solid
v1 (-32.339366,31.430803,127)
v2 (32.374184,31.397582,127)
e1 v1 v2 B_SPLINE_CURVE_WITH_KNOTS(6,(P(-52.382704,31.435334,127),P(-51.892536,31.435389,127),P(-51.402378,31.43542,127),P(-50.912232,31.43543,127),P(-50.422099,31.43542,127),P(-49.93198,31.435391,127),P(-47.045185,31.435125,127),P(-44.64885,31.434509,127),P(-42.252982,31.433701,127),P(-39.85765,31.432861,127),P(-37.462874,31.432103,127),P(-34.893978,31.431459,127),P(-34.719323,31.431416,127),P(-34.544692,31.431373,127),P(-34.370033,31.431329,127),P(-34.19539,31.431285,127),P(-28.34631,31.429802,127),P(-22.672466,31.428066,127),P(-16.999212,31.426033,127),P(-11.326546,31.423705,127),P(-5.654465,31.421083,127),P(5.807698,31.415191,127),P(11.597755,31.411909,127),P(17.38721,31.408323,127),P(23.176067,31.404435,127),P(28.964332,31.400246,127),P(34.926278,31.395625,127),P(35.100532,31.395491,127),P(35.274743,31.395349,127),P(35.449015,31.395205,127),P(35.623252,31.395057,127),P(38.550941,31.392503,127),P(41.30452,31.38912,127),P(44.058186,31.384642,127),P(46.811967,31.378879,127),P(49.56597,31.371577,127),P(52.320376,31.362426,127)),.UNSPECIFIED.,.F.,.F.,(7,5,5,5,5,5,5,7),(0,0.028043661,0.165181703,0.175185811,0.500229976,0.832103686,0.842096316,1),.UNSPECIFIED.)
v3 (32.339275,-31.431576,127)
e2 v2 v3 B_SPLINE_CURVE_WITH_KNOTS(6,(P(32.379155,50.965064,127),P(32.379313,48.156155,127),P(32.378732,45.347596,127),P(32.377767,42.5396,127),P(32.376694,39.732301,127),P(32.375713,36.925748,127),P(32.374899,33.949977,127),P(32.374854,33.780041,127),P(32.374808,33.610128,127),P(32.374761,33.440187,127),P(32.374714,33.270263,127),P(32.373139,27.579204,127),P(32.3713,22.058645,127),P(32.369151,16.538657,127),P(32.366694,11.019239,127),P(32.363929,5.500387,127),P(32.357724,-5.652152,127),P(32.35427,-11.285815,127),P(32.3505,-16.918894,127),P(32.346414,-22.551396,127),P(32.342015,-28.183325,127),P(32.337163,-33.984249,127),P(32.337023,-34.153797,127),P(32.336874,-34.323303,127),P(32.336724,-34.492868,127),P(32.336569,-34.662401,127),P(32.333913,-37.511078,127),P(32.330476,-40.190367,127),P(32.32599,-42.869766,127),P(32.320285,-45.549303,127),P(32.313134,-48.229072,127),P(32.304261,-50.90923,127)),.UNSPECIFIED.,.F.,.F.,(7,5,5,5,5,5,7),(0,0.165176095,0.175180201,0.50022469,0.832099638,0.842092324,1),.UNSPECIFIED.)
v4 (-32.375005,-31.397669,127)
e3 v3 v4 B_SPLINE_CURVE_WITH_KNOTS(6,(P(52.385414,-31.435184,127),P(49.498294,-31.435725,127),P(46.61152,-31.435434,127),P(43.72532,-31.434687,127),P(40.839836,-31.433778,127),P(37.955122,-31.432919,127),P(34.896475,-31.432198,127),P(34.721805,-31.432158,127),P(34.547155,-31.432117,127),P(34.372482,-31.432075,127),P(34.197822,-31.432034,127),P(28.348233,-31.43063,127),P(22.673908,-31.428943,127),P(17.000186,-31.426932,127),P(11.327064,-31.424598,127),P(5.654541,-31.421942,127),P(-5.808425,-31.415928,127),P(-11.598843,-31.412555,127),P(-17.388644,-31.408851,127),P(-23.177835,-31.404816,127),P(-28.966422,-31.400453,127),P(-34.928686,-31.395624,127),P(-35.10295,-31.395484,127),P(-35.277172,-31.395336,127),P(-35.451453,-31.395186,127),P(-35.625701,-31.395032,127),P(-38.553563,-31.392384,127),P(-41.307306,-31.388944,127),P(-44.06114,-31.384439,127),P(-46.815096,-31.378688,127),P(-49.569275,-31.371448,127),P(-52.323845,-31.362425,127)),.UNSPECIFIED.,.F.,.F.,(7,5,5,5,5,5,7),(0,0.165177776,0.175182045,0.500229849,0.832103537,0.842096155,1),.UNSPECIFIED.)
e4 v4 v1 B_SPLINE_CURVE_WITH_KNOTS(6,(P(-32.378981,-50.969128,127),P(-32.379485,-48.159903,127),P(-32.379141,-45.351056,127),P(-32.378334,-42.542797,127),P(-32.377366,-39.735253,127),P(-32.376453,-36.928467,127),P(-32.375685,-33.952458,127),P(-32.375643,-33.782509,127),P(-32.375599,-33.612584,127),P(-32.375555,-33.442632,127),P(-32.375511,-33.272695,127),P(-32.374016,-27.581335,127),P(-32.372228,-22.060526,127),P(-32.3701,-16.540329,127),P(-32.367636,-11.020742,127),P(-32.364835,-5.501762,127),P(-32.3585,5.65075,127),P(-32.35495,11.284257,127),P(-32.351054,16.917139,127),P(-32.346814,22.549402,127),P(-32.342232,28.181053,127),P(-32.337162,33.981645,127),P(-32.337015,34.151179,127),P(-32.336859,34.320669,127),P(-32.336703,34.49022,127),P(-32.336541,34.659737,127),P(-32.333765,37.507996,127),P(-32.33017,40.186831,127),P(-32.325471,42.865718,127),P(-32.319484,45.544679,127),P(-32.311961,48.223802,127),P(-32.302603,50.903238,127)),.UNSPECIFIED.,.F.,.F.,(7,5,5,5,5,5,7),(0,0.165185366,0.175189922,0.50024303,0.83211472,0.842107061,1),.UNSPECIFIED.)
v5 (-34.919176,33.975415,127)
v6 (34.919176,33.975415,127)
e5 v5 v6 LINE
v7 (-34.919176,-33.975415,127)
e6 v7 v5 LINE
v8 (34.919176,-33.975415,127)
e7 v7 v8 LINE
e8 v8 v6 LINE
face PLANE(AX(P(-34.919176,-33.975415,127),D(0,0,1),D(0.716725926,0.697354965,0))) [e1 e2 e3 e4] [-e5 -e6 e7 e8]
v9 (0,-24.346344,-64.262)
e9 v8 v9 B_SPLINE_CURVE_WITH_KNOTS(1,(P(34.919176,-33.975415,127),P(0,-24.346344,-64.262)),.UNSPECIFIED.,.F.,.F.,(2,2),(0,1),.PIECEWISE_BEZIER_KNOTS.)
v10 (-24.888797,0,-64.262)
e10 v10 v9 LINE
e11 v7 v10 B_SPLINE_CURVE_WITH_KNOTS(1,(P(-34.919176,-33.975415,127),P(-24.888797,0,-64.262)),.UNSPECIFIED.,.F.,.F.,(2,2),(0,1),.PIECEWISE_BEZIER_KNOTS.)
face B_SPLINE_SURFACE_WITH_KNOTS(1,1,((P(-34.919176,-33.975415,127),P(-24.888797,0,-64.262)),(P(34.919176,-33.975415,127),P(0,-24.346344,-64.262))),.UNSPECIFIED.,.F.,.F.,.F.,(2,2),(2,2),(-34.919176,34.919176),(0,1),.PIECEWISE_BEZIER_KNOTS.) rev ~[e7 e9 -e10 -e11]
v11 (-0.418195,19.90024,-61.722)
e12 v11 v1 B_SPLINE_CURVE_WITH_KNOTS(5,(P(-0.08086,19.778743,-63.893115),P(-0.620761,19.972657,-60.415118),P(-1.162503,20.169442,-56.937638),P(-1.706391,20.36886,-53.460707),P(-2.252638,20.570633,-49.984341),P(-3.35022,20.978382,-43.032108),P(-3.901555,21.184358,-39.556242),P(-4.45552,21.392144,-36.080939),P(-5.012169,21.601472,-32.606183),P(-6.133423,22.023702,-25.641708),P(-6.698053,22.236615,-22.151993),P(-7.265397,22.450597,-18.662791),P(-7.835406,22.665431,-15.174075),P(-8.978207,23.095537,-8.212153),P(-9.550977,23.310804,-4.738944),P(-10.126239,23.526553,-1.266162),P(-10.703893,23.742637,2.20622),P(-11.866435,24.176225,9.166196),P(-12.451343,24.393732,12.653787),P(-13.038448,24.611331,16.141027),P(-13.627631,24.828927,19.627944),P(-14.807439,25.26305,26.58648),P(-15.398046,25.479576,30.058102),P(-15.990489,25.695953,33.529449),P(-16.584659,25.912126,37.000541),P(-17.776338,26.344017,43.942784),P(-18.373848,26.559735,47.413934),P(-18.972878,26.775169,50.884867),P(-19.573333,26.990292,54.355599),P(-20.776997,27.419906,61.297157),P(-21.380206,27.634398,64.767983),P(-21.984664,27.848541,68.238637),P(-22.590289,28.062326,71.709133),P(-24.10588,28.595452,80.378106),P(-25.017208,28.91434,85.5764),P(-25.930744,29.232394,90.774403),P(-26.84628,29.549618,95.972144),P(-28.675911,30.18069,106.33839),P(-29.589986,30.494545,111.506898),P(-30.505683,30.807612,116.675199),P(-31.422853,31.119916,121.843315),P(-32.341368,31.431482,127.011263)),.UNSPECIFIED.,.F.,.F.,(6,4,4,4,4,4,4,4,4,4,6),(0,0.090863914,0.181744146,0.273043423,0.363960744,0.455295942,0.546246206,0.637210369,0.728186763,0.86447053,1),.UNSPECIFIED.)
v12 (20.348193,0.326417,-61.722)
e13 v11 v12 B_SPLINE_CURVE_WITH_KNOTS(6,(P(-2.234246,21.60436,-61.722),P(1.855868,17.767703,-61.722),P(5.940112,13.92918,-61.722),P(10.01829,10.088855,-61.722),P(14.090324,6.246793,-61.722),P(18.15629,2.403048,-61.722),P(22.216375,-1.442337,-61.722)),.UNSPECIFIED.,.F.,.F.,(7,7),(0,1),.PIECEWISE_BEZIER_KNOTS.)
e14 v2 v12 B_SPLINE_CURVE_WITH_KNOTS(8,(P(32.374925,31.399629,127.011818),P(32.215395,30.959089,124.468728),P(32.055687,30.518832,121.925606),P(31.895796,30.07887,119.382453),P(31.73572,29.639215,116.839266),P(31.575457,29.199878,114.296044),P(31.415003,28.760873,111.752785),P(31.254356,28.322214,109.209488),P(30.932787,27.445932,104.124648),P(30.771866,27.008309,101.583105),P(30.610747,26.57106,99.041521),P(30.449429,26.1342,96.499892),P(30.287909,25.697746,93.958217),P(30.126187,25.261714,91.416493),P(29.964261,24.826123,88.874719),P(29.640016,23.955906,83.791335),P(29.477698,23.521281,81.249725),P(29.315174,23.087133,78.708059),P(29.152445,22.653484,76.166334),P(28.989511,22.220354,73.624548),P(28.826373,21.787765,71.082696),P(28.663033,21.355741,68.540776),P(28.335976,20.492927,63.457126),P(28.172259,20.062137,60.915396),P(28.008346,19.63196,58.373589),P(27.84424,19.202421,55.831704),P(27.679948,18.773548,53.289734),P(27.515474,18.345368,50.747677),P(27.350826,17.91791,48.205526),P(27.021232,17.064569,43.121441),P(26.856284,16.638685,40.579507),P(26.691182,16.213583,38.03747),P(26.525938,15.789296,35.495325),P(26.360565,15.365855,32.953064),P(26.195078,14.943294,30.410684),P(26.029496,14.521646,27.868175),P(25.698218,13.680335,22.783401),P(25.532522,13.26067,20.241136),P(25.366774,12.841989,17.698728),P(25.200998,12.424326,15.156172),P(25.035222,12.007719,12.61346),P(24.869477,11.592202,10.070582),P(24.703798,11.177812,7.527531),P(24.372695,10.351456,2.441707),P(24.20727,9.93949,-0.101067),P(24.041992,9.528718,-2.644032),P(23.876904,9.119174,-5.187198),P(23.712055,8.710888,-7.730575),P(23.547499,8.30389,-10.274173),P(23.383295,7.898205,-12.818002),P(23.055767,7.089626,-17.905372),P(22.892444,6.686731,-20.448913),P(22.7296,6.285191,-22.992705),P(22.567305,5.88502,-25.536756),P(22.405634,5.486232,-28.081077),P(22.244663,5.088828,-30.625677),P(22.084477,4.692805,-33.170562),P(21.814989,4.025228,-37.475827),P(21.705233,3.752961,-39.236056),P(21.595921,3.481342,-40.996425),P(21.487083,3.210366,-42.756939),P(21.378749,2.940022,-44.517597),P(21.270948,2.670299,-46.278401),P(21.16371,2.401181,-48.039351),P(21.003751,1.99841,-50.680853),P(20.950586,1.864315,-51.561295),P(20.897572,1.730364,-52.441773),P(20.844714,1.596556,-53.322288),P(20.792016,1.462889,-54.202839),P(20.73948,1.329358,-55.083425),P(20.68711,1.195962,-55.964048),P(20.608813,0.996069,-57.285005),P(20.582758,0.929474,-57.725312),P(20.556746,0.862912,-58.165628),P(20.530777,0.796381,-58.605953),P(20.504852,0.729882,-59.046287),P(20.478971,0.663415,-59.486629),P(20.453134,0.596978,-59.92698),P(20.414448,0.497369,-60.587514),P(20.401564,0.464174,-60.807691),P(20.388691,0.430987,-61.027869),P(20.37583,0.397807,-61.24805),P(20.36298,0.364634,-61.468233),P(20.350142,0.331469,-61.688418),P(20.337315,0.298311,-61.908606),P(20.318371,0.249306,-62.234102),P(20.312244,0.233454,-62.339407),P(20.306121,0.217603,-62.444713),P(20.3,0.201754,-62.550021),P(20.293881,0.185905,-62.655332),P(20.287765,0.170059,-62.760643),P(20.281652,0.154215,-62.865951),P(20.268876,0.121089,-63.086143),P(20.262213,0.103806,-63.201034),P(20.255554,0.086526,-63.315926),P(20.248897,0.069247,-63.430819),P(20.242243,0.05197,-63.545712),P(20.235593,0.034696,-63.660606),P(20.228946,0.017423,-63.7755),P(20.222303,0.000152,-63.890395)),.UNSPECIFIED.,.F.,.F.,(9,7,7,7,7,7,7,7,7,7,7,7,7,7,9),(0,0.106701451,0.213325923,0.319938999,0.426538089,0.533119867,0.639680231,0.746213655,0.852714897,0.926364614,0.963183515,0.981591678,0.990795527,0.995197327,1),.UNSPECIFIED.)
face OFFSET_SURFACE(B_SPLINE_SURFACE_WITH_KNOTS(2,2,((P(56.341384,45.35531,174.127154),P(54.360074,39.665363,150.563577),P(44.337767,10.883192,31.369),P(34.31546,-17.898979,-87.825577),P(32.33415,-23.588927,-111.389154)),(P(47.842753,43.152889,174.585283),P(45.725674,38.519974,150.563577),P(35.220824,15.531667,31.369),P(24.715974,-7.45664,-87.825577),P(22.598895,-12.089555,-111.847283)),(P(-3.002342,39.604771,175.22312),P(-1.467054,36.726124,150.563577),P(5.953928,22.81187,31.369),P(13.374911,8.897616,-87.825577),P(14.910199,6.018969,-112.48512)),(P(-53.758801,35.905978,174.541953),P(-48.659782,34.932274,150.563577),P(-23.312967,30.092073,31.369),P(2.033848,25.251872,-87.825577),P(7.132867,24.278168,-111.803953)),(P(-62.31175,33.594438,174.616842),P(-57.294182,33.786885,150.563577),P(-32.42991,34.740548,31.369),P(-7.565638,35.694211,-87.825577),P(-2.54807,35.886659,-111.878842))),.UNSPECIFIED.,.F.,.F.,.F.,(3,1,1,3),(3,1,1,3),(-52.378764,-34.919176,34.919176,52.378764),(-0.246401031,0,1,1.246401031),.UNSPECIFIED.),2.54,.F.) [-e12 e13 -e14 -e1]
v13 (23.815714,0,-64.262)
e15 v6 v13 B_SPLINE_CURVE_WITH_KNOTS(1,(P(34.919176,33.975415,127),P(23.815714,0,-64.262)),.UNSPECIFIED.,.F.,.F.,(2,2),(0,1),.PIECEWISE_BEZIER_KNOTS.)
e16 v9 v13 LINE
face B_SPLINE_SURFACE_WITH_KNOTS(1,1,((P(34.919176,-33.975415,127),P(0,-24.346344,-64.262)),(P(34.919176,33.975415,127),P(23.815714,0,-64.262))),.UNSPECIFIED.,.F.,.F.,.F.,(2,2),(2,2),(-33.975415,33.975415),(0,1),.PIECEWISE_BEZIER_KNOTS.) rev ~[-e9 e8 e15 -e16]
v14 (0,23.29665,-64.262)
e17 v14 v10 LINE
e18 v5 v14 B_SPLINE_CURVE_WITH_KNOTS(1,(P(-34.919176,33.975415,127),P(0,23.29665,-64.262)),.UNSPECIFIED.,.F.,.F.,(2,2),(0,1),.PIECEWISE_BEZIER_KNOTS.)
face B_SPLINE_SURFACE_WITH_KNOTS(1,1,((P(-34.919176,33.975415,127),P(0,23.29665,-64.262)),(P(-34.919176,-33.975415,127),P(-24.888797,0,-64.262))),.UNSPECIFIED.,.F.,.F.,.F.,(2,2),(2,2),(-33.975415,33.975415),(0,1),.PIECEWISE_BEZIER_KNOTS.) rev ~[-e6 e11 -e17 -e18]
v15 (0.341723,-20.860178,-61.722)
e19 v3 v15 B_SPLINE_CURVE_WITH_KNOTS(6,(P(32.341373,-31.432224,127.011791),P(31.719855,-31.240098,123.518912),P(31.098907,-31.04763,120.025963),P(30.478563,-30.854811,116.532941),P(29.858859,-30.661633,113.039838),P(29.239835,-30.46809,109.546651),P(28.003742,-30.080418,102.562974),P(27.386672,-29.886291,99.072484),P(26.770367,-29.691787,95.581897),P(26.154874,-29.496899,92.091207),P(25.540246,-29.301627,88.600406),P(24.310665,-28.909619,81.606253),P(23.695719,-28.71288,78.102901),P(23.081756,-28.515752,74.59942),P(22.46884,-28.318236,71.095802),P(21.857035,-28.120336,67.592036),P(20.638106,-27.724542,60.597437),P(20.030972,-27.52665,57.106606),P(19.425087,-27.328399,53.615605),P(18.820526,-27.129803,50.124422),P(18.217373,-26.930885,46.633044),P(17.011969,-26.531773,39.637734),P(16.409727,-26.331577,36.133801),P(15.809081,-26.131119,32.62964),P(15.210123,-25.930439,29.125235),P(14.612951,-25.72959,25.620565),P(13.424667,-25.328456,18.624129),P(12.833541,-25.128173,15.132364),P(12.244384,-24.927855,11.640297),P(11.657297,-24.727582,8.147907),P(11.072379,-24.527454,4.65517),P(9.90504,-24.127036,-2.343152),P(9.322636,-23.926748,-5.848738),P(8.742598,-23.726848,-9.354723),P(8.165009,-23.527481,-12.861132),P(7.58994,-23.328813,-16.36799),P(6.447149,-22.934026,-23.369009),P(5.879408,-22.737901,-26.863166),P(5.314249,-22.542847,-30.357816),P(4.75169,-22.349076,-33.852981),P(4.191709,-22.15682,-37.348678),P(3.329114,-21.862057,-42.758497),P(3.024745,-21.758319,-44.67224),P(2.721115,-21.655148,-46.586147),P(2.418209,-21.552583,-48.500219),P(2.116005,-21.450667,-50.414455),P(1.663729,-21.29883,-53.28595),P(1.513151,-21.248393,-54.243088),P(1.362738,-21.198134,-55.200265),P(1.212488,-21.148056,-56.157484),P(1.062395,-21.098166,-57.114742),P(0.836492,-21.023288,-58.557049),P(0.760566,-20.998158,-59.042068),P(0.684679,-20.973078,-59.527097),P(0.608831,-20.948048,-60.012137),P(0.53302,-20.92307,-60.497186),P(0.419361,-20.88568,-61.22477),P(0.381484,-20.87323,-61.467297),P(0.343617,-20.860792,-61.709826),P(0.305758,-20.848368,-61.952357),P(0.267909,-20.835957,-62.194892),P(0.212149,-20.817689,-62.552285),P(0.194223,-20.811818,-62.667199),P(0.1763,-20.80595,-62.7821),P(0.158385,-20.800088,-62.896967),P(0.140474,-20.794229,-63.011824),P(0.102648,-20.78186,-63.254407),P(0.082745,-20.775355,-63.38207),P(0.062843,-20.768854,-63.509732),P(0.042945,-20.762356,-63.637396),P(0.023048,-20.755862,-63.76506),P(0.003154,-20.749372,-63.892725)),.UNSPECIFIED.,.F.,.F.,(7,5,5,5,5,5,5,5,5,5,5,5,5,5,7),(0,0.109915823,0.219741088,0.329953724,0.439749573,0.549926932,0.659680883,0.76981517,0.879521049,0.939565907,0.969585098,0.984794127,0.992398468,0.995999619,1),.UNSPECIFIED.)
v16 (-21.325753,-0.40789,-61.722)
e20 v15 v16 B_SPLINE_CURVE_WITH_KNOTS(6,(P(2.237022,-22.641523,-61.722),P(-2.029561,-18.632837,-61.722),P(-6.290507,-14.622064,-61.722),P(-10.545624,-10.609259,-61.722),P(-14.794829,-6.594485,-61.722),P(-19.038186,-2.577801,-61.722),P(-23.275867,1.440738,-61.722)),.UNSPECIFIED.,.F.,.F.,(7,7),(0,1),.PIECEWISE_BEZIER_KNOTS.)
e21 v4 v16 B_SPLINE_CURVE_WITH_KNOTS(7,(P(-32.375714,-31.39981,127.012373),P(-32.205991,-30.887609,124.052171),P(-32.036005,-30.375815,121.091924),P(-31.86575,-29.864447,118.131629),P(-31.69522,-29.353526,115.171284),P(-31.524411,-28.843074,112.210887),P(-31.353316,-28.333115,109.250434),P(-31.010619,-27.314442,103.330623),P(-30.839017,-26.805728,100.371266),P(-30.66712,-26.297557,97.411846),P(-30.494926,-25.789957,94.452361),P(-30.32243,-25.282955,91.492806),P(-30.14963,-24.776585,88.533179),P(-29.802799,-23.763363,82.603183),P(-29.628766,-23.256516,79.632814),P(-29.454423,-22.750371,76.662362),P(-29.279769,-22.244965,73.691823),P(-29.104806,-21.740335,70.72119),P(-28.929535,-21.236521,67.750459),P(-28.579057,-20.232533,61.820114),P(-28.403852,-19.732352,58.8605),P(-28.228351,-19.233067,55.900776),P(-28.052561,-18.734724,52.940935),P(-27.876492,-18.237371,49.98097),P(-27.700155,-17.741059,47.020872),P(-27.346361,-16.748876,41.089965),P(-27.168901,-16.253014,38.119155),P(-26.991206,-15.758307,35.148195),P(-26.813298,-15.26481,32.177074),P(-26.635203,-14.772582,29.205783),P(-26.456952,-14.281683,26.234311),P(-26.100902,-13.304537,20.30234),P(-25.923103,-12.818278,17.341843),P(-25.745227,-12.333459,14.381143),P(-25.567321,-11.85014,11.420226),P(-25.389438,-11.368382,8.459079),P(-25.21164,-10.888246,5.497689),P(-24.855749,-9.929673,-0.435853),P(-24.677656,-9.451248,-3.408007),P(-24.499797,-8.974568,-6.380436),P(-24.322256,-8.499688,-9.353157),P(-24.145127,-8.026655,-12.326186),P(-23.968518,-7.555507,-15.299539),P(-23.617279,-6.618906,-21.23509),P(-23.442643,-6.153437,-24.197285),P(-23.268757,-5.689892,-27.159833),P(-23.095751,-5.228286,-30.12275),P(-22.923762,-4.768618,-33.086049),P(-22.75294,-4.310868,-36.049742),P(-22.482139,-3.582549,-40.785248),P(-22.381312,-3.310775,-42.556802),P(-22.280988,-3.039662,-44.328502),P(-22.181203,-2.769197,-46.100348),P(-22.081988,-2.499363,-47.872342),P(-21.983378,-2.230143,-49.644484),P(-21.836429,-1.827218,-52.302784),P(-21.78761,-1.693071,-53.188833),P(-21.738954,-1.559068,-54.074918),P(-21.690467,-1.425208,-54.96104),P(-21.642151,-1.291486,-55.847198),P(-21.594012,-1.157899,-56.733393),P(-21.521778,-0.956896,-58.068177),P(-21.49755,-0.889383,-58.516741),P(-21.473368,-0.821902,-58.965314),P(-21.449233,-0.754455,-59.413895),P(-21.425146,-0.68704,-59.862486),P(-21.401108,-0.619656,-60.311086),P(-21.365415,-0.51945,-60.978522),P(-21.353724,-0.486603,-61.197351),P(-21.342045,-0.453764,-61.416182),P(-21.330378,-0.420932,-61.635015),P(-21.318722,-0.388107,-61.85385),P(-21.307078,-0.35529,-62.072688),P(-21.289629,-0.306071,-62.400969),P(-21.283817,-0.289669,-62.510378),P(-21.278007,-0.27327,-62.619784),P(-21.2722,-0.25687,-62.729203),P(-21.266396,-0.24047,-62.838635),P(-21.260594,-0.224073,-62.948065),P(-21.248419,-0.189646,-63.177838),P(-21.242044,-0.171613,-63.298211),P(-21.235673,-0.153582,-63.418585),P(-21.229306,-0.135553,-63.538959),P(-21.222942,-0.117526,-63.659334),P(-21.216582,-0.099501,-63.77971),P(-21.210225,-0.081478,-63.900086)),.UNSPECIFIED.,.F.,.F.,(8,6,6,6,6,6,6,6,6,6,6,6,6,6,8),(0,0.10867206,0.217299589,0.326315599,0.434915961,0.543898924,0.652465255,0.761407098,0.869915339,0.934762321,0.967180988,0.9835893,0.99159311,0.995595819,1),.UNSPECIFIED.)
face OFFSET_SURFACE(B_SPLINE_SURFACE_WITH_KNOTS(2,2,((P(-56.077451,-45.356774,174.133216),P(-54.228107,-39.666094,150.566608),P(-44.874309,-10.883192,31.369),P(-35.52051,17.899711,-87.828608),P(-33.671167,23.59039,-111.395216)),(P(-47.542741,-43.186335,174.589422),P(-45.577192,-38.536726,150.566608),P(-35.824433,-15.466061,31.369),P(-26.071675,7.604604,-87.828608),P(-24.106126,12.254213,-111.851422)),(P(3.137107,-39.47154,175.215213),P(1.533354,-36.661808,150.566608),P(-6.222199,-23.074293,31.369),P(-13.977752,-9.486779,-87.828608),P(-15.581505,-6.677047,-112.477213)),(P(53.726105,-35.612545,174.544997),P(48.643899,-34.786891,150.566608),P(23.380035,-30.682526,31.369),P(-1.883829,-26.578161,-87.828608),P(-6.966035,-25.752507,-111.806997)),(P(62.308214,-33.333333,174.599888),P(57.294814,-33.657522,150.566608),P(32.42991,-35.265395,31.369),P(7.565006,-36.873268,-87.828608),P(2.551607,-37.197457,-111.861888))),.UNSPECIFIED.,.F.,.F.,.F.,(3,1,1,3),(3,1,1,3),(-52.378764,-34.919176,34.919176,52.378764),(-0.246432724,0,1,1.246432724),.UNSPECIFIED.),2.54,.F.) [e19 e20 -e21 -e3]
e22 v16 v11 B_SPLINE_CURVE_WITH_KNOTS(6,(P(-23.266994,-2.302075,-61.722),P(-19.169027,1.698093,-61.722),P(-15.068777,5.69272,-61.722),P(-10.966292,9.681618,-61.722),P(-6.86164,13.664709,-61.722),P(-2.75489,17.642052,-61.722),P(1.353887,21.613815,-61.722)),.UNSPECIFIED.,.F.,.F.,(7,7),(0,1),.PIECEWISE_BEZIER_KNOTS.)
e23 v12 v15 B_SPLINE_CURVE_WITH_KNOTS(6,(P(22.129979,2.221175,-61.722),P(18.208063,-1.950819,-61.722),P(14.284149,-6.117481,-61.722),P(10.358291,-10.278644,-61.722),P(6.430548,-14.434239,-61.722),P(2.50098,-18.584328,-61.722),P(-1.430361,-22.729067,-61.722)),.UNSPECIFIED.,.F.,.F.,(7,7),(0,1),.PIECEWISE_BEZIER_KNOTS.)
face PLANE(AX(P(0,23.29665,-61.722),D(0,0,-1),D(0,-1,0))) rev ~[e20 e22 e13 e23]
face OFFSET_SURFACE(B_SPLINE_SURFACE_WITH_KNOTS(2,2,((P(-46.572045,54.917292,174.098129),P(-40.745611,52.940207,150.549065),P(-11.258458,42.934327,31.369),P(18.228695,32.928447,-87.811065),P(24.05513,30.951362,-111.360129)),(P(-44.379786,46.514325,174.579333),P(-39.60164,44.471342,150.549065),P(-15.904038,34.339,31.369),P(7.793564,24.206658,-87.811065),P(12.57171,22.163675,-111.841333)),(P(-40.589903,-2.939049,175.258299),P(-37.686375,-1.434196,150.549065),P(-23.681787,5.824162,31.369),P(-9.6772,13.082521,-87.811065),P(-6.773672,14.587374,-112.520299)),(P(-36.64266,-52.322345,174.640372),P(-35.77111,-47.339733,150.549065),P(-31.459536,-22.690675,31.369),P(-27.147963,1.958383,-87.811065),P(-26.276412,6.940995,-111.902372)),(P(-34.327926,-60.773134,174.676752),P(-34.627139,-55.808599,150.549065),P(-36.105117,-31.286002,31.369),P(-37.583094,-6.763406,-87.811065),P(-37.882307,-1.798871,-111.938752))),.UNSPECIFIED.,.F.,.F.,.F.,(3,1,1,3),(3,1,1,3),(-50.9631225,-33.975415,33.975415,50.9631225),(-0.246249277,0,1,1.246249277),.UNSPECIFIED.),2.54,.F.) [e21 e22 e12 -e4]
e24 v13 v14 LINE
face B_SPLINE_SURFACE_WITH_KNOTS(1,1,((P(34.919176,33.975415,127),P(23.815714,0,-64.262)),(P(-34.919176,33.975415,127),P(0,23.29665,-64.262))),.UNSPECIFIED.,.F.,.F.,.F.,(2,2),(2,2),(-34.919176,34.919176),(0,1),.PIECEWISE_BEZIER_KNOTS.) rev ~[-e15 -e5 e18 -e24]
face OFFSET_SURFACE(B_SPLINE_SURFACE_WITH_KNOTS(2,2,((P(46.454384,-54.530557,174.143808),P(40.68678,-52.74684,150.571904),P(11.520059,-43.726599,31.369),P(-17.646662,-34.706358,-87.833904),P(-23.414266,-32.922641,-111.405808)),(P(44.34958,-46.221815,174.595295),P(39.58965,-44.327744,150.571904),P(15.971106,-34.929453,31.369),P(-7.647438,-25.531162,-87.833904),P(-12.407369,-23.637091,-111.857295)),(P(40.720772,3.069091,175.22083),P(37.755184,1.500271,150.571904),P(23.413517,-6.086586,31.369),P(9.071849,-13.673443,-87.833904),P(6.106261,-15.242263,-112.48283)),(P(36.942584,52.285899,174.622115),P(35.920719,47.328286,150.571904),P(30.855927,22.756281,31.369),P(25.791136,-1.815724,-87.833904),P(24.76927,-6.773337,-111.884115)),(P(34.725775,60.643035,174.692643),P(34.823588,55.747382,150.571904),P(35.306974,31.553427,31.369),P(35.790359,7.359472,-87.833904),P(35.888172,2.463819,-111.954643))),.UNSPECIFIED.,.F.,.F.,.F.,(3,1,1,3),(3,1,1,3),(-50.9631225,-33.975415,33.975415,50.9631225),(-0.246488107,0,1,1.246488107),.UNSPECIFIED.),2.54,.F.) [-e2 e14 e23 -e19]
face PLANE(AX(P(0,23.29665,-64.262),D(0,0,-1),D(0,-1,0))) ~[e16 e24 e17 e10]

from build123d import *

# Parameters (mm, degrees)
F1_W = 69.838352
F1_H = 67.95083
F5_T = -2.54


with BuildPart() as f4:
    # F1 (on offset) → F4 section 0
    with BuildSketch(Plane.XY.offset(127)):
        Rectangle(F1_W, F1_H)
    # F3 (on offset) → F4 section 1
    with BuildSketch(Plane.XY.offset(-64.262)):
        Polygon((0, 23.29665), (-24.888797, 0), (0, -24.346344), (23.815714, 0), align=None)
    loft()

    # F5
    f5_openings = [f4.faces().sort_by_distance(p)[0] for p in [
        (0, 0, 127),
    ]]
    offset(amount=F5_T, openings=f5_openings)


solid = f4.part
